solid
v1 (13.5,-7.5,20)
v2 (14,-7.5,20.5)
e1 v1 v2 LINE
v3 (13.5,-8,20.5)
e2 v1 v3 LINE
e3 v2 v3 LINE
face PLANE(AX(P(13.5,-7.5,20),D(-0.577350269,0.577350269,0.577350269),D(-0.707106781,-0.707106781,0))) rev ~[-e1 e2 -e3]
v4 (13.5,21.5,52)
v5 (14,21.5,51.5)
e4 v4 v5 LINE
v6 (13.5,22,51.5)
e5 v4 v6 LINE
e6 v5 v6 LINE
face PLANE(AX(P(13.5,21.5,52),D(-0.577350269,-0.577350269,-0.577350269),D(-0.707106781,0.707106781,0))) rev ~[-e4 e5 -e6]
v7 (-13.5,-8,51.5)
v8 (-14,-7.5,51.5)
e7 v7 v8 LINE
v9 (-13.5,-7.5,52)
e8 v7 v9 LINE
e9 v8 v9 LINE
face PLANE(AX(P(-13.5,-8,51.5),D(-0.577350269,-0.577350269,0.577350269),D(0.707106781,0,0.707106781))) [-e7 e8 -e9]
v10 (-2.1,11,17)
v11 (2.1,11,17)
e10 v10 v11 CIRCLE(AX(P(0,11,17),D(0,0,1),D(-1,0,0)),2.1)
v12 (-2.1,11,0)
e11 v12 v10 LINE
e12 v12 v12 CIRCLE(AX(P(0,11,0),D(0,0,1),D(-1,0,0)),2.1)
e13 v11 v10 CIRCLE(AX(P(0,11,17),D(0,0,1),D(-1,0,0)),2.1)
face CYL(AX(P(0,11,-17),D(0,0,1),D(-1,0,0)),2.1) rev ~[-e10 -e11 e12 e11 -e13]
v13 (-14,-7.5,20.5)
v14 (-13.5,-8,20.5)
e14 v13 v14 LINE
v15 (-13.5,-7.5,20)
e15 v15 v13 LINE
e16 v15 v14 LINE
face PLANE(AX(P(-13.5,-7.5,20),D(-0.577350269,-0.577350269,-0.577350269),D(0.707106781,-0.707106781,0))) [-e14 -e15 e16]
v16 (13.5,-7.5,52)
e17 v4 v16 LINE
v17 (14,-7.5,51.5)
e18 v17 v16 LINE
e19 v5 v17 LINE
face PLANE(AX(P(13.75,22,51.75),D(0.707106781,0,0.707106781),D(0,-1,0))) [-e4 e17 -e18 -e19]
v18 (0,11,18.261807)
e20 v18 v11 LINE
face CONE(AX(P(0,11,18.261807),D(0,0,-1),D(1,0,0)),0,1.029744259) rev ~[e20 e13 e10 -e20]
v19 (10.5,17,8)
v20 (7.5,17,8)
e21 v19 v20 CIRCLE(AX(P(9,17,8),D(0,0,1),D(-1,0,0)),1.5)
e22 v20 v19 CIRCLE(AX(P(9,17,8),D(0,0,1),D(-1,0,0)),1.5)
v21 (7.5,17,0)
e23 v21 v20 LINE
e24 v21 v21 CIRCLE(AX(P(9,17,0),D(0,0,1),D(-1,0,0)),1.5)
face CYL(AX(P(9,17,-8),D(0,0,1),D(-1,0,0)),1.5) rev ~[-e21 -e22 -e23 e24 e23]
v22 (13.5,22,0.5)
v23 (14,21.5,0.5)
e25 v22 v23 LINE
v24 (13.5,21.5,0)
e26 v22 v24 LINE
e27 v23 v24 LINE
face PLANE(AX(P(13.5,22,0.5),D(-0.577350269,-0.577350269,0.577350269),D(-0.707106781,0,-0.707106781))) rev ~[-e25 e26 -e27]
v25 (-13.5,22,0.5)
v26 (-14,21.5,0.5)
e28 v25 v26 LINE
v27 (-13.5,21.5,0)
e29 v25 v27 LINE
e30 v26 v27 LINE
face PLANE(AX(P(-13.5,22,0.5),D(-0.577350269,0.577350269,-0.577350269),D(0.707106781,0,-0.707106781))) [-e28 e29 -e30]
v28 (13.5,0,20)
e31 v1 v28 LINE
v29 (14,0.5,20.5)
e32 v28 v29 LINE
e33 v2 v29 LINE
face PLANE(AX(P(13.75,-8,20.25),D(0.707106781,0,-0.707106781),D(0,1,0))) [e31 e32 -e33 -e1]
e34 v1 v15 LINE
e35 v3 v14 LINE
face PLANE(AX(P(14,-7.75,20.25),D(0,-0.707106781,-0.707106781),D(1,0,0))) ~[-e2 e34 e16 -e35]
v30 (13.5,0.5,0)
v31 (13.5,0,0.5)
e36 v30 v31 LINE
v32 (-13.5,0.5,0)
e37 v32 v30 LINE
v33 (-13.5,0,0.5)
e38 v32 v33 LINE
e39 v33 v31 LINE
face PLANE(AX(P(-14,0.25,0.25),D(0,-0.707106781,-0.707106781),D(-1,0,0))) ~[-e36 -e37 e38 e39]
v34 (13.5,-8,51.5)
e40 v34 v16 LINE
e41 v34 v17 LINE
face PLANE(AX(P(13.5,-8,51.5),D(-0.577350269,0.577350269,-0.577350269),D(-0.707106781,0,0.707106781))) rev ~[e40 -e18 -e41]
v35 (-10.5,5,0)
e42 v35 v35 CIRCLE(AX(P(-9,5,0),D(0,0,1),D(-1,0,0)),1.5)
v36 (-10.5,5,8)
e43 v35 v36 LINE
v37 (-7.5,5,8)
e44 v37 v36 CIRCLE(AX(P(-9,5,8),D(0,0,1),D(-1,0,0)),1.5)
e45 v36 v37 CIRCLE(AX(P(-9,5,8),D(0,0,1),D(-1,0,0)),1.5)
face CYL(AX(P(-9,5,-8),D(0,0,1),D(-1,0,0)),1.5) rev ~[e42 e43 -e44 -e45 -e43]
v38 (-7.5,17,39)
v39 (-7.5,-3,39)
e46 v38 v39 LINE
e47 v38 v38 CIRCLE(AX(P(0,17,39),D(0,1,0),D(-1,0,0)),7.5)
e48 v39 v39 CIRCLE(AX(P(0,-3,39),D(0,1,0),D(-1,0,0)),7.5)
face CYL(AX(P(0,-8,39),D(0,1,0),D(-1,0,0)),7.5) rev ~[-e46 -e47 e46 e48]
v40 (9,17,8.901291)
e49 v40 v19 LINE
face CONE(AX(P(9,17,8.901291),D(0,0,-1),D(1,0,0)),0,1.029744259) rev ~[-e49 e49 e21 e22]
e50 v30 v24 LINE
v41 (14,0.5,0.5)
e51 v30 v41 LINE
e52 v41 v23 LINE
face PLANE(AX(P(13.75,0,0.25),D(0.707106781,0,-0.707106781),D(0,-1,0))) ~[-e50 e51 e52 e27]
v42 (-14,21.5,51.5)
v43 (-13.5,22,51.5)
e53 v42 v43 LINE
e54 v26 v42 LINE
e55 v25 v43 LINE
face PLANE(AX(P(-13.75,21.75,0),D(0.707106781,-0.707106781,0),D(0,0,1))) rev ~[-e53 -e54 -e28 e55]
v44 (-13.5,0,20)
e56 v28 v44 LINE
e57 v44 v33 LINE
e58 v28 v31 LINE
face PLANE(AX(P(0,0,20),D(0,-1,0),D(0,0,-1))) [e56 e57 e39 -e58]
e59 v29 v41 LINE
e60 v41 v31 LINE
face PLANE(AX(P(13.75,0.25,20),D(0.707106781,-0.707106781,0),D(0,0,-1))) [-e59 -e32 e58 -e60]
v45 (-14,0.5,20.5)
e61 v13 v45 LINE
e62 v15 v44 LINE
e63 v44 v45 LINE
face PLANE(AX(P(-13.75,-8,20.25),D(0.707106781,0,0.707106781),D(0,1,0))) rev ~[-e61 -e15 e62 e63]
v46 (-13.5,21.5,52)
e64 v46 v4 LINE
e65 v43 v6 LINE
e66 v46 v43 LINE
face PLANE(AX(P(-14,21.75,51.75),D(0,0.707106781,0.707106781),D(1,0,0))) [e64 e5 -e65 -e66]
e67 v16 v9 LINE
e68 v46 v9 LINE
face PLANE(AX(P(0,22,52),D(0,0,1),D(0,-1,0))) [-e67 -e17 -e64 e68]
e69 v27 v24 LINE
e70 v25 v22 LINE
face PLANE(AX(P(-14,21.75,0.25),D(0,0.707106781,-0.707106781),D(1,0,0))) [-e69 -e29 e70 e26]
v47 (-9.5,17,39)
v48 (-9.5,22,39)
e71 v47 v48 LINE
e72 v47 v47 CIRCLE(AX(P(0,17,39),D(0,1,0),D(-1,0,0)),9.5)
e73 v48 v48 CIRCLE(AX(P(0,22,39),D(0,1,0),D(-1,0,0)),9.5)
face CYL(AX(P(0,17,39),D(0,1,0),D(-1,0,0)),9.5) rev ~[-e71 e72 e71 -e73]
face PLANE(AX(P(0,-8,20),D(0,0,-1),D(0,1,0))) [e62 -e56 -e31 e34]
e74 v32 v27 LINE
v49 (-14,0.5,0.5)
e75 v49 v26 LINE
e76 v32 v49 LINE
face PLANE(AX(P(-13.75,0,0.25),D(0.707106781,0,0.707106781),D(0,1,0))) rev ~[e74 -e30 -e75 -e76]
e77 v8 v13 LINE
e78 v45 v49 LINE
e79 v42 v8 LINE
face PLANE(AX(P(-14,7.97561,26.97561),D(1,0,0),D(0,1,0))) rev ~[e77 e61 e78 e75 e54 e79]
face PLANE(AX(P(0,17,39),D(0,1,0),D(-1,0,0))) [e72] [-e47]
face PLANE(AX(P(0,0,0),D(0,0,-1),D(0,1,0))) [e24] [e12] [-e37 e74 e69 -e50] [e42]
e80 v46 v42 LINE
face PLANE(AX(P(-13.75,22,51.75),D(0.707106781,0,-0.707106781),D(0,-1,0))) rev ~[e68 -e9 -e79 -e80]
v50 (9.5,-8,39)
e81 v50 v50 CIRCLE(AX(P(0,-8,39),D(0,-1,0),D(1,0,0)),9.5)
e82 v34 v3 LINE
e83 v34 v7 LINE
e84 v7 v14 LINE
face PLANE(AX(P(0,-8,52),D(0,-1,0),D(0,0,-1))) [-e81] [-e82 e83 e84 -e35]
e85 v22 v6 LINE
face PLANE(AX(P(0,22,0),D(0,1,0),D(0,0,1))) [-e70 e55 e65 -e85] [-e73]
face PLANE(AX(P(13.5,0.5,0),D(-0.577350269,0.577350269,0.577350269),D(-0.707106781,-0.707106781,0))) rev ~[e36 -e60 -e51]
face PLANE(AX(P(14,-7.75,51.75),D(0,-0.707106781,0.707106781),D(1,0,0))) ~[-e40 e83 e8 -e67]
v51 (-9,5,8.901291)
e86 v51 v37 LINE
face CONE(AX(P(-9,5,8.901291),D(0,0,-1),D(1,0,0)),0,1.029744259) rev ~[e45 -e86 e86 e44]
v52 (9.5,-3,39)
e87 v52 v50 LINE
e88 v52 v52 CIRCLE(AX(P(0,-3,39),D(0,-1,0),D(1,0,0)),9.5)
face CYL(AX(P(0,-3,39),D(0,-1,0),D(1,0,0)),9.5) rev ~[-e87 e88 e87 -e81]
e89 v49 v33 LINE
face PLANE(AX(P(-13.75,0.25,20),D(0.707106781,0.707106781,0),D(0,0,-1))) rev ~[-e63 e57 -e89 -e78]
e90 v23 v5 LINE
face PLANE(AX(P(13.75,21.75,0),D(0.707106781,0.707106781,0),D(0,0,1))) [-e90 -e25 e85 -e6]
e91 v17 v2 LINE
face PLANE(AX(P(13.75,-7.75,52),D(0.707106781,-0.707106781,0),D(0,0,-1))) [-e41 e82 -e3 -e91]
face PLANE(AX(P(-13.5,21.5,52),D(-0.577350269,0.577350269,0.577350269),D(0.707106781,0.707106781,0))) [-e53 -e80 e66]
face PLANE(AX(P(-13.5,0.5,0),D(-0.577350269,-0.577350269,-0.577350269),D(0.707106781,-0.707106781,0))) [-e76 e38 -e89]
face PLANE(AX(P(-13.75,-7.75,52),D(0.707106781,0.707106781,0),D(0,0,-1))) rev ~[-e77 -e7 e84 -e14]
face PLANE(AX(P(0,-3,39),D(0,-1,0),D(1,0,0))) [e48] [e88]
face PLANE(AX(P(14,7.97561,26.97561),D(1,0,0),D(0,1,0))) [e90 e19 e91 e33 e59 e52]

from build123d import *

# Parameters (mm, degrees)
F1_DEPTH       = 14
F2_SIZE        = 0.5
F4_D           = 15
F4_CBORE_D     = 19
F4_CBORE_DEPTH = 5
F6_D           = 15
F6_DEPTH       = 17
F6_CBORE_D     = 19
F6_CBORE_DEPTH = 5
F6_TIP         = 4.5064546427
F8_D           = 4.2
F8_DEPTH       = 17
F8_TIP         = 1.2618073
F9_D           = 3
F9_DEPTH       = 8
F9_TIP         = 0.9012909285


with BuildPart() as f1:
    # F0 (on Right) → F1 (new body, symmetric)
    with BuildSketch(Plane.YZ):
        Polygon((0, 20), (0, 0), (22, 0), (22, 52), (-8, 52), (-8, 20), align=None)
    extrude(amount=F1_DEPTH, both=True)

    # F2
    f2_edges = [f1.edges().sort_by_distance(p)[0] for p in [
        (14, 0, 10),
        (14, 11, 0),
        (14, 22, 26),
        (14, 7, 52),
        (14, -8, 36),
        (14, -4, 20),
        (-14, 0, 10),
        (-14, 11, 0),
        (-14, 22, 26),
        (-14, 7, 52),
        (-14, -8, 36),
        (-14, -4, 20),
        (0, 0, 0),
        (0, 22, 0),
        (0, 22, 52),
        (0, -8, 52),
        (0, -8, 20),
    ]]
    chamfer(f2_edges, length=F2_SIZE)

    # F4 (through all)
    with Locations(Plane.XZ.offset(8)):
        with Locations((0, 39)):
            CounterBoreHole(F4_D / 2, F4_CBORE_D / 2, F4_CBORE_DEPTH)

    # F6
    with Locations(Plane(origin=(0, 22, 0), x_dir=(-1, 0, 0), z_dir=(0, 1, 0))):
        with Locations((0, 39)):
            CounterBoreHole(F6_D / 2, F6_CBORE_D / 2, F6_CBORE_DEPTH, depth=F6_DEPTH)
            with Locations((0, 0, -(F6_DEPTH + F6_TIP / 2))):  # 118° drill point
                Cone(0, F6_D / 2, F6_TIP, mode=Mode.SUBTRACT)

    # F8
    with Locations(Plane(origin=(0, 0, 0), x_dir=(1, 0, 0), z_dir=(0, 0, -1))):
        with Locations((0, -11)):
            Hole(F8_D / 2, depth=F8_DEPTH)
            with Locations((0, 0, -(F8_DEPTH + F8_TIP / 2))):  # 118° drill point
                Cone(0, F8_D / 2, F8_TIP, mode=Mode.SUBTRACT)

    # F9
    with Locations(Plane(origin=(0, 0, 0), x_dir=(1, 0, 0), z_dir=(0, 0, -1))):
        with Locations((-9, -5), (9, -17)):
            Hole(F9_D / 2, depth=F9_DEPTH)
            with Locations((0, 0, -(F9_DEPTH + F9_TIP / 2))):  # 118° drill point
                Cone(0, F9_D / 2, F9_TIP, mode=Mode.SUBTRACT)


solid = f1.part
